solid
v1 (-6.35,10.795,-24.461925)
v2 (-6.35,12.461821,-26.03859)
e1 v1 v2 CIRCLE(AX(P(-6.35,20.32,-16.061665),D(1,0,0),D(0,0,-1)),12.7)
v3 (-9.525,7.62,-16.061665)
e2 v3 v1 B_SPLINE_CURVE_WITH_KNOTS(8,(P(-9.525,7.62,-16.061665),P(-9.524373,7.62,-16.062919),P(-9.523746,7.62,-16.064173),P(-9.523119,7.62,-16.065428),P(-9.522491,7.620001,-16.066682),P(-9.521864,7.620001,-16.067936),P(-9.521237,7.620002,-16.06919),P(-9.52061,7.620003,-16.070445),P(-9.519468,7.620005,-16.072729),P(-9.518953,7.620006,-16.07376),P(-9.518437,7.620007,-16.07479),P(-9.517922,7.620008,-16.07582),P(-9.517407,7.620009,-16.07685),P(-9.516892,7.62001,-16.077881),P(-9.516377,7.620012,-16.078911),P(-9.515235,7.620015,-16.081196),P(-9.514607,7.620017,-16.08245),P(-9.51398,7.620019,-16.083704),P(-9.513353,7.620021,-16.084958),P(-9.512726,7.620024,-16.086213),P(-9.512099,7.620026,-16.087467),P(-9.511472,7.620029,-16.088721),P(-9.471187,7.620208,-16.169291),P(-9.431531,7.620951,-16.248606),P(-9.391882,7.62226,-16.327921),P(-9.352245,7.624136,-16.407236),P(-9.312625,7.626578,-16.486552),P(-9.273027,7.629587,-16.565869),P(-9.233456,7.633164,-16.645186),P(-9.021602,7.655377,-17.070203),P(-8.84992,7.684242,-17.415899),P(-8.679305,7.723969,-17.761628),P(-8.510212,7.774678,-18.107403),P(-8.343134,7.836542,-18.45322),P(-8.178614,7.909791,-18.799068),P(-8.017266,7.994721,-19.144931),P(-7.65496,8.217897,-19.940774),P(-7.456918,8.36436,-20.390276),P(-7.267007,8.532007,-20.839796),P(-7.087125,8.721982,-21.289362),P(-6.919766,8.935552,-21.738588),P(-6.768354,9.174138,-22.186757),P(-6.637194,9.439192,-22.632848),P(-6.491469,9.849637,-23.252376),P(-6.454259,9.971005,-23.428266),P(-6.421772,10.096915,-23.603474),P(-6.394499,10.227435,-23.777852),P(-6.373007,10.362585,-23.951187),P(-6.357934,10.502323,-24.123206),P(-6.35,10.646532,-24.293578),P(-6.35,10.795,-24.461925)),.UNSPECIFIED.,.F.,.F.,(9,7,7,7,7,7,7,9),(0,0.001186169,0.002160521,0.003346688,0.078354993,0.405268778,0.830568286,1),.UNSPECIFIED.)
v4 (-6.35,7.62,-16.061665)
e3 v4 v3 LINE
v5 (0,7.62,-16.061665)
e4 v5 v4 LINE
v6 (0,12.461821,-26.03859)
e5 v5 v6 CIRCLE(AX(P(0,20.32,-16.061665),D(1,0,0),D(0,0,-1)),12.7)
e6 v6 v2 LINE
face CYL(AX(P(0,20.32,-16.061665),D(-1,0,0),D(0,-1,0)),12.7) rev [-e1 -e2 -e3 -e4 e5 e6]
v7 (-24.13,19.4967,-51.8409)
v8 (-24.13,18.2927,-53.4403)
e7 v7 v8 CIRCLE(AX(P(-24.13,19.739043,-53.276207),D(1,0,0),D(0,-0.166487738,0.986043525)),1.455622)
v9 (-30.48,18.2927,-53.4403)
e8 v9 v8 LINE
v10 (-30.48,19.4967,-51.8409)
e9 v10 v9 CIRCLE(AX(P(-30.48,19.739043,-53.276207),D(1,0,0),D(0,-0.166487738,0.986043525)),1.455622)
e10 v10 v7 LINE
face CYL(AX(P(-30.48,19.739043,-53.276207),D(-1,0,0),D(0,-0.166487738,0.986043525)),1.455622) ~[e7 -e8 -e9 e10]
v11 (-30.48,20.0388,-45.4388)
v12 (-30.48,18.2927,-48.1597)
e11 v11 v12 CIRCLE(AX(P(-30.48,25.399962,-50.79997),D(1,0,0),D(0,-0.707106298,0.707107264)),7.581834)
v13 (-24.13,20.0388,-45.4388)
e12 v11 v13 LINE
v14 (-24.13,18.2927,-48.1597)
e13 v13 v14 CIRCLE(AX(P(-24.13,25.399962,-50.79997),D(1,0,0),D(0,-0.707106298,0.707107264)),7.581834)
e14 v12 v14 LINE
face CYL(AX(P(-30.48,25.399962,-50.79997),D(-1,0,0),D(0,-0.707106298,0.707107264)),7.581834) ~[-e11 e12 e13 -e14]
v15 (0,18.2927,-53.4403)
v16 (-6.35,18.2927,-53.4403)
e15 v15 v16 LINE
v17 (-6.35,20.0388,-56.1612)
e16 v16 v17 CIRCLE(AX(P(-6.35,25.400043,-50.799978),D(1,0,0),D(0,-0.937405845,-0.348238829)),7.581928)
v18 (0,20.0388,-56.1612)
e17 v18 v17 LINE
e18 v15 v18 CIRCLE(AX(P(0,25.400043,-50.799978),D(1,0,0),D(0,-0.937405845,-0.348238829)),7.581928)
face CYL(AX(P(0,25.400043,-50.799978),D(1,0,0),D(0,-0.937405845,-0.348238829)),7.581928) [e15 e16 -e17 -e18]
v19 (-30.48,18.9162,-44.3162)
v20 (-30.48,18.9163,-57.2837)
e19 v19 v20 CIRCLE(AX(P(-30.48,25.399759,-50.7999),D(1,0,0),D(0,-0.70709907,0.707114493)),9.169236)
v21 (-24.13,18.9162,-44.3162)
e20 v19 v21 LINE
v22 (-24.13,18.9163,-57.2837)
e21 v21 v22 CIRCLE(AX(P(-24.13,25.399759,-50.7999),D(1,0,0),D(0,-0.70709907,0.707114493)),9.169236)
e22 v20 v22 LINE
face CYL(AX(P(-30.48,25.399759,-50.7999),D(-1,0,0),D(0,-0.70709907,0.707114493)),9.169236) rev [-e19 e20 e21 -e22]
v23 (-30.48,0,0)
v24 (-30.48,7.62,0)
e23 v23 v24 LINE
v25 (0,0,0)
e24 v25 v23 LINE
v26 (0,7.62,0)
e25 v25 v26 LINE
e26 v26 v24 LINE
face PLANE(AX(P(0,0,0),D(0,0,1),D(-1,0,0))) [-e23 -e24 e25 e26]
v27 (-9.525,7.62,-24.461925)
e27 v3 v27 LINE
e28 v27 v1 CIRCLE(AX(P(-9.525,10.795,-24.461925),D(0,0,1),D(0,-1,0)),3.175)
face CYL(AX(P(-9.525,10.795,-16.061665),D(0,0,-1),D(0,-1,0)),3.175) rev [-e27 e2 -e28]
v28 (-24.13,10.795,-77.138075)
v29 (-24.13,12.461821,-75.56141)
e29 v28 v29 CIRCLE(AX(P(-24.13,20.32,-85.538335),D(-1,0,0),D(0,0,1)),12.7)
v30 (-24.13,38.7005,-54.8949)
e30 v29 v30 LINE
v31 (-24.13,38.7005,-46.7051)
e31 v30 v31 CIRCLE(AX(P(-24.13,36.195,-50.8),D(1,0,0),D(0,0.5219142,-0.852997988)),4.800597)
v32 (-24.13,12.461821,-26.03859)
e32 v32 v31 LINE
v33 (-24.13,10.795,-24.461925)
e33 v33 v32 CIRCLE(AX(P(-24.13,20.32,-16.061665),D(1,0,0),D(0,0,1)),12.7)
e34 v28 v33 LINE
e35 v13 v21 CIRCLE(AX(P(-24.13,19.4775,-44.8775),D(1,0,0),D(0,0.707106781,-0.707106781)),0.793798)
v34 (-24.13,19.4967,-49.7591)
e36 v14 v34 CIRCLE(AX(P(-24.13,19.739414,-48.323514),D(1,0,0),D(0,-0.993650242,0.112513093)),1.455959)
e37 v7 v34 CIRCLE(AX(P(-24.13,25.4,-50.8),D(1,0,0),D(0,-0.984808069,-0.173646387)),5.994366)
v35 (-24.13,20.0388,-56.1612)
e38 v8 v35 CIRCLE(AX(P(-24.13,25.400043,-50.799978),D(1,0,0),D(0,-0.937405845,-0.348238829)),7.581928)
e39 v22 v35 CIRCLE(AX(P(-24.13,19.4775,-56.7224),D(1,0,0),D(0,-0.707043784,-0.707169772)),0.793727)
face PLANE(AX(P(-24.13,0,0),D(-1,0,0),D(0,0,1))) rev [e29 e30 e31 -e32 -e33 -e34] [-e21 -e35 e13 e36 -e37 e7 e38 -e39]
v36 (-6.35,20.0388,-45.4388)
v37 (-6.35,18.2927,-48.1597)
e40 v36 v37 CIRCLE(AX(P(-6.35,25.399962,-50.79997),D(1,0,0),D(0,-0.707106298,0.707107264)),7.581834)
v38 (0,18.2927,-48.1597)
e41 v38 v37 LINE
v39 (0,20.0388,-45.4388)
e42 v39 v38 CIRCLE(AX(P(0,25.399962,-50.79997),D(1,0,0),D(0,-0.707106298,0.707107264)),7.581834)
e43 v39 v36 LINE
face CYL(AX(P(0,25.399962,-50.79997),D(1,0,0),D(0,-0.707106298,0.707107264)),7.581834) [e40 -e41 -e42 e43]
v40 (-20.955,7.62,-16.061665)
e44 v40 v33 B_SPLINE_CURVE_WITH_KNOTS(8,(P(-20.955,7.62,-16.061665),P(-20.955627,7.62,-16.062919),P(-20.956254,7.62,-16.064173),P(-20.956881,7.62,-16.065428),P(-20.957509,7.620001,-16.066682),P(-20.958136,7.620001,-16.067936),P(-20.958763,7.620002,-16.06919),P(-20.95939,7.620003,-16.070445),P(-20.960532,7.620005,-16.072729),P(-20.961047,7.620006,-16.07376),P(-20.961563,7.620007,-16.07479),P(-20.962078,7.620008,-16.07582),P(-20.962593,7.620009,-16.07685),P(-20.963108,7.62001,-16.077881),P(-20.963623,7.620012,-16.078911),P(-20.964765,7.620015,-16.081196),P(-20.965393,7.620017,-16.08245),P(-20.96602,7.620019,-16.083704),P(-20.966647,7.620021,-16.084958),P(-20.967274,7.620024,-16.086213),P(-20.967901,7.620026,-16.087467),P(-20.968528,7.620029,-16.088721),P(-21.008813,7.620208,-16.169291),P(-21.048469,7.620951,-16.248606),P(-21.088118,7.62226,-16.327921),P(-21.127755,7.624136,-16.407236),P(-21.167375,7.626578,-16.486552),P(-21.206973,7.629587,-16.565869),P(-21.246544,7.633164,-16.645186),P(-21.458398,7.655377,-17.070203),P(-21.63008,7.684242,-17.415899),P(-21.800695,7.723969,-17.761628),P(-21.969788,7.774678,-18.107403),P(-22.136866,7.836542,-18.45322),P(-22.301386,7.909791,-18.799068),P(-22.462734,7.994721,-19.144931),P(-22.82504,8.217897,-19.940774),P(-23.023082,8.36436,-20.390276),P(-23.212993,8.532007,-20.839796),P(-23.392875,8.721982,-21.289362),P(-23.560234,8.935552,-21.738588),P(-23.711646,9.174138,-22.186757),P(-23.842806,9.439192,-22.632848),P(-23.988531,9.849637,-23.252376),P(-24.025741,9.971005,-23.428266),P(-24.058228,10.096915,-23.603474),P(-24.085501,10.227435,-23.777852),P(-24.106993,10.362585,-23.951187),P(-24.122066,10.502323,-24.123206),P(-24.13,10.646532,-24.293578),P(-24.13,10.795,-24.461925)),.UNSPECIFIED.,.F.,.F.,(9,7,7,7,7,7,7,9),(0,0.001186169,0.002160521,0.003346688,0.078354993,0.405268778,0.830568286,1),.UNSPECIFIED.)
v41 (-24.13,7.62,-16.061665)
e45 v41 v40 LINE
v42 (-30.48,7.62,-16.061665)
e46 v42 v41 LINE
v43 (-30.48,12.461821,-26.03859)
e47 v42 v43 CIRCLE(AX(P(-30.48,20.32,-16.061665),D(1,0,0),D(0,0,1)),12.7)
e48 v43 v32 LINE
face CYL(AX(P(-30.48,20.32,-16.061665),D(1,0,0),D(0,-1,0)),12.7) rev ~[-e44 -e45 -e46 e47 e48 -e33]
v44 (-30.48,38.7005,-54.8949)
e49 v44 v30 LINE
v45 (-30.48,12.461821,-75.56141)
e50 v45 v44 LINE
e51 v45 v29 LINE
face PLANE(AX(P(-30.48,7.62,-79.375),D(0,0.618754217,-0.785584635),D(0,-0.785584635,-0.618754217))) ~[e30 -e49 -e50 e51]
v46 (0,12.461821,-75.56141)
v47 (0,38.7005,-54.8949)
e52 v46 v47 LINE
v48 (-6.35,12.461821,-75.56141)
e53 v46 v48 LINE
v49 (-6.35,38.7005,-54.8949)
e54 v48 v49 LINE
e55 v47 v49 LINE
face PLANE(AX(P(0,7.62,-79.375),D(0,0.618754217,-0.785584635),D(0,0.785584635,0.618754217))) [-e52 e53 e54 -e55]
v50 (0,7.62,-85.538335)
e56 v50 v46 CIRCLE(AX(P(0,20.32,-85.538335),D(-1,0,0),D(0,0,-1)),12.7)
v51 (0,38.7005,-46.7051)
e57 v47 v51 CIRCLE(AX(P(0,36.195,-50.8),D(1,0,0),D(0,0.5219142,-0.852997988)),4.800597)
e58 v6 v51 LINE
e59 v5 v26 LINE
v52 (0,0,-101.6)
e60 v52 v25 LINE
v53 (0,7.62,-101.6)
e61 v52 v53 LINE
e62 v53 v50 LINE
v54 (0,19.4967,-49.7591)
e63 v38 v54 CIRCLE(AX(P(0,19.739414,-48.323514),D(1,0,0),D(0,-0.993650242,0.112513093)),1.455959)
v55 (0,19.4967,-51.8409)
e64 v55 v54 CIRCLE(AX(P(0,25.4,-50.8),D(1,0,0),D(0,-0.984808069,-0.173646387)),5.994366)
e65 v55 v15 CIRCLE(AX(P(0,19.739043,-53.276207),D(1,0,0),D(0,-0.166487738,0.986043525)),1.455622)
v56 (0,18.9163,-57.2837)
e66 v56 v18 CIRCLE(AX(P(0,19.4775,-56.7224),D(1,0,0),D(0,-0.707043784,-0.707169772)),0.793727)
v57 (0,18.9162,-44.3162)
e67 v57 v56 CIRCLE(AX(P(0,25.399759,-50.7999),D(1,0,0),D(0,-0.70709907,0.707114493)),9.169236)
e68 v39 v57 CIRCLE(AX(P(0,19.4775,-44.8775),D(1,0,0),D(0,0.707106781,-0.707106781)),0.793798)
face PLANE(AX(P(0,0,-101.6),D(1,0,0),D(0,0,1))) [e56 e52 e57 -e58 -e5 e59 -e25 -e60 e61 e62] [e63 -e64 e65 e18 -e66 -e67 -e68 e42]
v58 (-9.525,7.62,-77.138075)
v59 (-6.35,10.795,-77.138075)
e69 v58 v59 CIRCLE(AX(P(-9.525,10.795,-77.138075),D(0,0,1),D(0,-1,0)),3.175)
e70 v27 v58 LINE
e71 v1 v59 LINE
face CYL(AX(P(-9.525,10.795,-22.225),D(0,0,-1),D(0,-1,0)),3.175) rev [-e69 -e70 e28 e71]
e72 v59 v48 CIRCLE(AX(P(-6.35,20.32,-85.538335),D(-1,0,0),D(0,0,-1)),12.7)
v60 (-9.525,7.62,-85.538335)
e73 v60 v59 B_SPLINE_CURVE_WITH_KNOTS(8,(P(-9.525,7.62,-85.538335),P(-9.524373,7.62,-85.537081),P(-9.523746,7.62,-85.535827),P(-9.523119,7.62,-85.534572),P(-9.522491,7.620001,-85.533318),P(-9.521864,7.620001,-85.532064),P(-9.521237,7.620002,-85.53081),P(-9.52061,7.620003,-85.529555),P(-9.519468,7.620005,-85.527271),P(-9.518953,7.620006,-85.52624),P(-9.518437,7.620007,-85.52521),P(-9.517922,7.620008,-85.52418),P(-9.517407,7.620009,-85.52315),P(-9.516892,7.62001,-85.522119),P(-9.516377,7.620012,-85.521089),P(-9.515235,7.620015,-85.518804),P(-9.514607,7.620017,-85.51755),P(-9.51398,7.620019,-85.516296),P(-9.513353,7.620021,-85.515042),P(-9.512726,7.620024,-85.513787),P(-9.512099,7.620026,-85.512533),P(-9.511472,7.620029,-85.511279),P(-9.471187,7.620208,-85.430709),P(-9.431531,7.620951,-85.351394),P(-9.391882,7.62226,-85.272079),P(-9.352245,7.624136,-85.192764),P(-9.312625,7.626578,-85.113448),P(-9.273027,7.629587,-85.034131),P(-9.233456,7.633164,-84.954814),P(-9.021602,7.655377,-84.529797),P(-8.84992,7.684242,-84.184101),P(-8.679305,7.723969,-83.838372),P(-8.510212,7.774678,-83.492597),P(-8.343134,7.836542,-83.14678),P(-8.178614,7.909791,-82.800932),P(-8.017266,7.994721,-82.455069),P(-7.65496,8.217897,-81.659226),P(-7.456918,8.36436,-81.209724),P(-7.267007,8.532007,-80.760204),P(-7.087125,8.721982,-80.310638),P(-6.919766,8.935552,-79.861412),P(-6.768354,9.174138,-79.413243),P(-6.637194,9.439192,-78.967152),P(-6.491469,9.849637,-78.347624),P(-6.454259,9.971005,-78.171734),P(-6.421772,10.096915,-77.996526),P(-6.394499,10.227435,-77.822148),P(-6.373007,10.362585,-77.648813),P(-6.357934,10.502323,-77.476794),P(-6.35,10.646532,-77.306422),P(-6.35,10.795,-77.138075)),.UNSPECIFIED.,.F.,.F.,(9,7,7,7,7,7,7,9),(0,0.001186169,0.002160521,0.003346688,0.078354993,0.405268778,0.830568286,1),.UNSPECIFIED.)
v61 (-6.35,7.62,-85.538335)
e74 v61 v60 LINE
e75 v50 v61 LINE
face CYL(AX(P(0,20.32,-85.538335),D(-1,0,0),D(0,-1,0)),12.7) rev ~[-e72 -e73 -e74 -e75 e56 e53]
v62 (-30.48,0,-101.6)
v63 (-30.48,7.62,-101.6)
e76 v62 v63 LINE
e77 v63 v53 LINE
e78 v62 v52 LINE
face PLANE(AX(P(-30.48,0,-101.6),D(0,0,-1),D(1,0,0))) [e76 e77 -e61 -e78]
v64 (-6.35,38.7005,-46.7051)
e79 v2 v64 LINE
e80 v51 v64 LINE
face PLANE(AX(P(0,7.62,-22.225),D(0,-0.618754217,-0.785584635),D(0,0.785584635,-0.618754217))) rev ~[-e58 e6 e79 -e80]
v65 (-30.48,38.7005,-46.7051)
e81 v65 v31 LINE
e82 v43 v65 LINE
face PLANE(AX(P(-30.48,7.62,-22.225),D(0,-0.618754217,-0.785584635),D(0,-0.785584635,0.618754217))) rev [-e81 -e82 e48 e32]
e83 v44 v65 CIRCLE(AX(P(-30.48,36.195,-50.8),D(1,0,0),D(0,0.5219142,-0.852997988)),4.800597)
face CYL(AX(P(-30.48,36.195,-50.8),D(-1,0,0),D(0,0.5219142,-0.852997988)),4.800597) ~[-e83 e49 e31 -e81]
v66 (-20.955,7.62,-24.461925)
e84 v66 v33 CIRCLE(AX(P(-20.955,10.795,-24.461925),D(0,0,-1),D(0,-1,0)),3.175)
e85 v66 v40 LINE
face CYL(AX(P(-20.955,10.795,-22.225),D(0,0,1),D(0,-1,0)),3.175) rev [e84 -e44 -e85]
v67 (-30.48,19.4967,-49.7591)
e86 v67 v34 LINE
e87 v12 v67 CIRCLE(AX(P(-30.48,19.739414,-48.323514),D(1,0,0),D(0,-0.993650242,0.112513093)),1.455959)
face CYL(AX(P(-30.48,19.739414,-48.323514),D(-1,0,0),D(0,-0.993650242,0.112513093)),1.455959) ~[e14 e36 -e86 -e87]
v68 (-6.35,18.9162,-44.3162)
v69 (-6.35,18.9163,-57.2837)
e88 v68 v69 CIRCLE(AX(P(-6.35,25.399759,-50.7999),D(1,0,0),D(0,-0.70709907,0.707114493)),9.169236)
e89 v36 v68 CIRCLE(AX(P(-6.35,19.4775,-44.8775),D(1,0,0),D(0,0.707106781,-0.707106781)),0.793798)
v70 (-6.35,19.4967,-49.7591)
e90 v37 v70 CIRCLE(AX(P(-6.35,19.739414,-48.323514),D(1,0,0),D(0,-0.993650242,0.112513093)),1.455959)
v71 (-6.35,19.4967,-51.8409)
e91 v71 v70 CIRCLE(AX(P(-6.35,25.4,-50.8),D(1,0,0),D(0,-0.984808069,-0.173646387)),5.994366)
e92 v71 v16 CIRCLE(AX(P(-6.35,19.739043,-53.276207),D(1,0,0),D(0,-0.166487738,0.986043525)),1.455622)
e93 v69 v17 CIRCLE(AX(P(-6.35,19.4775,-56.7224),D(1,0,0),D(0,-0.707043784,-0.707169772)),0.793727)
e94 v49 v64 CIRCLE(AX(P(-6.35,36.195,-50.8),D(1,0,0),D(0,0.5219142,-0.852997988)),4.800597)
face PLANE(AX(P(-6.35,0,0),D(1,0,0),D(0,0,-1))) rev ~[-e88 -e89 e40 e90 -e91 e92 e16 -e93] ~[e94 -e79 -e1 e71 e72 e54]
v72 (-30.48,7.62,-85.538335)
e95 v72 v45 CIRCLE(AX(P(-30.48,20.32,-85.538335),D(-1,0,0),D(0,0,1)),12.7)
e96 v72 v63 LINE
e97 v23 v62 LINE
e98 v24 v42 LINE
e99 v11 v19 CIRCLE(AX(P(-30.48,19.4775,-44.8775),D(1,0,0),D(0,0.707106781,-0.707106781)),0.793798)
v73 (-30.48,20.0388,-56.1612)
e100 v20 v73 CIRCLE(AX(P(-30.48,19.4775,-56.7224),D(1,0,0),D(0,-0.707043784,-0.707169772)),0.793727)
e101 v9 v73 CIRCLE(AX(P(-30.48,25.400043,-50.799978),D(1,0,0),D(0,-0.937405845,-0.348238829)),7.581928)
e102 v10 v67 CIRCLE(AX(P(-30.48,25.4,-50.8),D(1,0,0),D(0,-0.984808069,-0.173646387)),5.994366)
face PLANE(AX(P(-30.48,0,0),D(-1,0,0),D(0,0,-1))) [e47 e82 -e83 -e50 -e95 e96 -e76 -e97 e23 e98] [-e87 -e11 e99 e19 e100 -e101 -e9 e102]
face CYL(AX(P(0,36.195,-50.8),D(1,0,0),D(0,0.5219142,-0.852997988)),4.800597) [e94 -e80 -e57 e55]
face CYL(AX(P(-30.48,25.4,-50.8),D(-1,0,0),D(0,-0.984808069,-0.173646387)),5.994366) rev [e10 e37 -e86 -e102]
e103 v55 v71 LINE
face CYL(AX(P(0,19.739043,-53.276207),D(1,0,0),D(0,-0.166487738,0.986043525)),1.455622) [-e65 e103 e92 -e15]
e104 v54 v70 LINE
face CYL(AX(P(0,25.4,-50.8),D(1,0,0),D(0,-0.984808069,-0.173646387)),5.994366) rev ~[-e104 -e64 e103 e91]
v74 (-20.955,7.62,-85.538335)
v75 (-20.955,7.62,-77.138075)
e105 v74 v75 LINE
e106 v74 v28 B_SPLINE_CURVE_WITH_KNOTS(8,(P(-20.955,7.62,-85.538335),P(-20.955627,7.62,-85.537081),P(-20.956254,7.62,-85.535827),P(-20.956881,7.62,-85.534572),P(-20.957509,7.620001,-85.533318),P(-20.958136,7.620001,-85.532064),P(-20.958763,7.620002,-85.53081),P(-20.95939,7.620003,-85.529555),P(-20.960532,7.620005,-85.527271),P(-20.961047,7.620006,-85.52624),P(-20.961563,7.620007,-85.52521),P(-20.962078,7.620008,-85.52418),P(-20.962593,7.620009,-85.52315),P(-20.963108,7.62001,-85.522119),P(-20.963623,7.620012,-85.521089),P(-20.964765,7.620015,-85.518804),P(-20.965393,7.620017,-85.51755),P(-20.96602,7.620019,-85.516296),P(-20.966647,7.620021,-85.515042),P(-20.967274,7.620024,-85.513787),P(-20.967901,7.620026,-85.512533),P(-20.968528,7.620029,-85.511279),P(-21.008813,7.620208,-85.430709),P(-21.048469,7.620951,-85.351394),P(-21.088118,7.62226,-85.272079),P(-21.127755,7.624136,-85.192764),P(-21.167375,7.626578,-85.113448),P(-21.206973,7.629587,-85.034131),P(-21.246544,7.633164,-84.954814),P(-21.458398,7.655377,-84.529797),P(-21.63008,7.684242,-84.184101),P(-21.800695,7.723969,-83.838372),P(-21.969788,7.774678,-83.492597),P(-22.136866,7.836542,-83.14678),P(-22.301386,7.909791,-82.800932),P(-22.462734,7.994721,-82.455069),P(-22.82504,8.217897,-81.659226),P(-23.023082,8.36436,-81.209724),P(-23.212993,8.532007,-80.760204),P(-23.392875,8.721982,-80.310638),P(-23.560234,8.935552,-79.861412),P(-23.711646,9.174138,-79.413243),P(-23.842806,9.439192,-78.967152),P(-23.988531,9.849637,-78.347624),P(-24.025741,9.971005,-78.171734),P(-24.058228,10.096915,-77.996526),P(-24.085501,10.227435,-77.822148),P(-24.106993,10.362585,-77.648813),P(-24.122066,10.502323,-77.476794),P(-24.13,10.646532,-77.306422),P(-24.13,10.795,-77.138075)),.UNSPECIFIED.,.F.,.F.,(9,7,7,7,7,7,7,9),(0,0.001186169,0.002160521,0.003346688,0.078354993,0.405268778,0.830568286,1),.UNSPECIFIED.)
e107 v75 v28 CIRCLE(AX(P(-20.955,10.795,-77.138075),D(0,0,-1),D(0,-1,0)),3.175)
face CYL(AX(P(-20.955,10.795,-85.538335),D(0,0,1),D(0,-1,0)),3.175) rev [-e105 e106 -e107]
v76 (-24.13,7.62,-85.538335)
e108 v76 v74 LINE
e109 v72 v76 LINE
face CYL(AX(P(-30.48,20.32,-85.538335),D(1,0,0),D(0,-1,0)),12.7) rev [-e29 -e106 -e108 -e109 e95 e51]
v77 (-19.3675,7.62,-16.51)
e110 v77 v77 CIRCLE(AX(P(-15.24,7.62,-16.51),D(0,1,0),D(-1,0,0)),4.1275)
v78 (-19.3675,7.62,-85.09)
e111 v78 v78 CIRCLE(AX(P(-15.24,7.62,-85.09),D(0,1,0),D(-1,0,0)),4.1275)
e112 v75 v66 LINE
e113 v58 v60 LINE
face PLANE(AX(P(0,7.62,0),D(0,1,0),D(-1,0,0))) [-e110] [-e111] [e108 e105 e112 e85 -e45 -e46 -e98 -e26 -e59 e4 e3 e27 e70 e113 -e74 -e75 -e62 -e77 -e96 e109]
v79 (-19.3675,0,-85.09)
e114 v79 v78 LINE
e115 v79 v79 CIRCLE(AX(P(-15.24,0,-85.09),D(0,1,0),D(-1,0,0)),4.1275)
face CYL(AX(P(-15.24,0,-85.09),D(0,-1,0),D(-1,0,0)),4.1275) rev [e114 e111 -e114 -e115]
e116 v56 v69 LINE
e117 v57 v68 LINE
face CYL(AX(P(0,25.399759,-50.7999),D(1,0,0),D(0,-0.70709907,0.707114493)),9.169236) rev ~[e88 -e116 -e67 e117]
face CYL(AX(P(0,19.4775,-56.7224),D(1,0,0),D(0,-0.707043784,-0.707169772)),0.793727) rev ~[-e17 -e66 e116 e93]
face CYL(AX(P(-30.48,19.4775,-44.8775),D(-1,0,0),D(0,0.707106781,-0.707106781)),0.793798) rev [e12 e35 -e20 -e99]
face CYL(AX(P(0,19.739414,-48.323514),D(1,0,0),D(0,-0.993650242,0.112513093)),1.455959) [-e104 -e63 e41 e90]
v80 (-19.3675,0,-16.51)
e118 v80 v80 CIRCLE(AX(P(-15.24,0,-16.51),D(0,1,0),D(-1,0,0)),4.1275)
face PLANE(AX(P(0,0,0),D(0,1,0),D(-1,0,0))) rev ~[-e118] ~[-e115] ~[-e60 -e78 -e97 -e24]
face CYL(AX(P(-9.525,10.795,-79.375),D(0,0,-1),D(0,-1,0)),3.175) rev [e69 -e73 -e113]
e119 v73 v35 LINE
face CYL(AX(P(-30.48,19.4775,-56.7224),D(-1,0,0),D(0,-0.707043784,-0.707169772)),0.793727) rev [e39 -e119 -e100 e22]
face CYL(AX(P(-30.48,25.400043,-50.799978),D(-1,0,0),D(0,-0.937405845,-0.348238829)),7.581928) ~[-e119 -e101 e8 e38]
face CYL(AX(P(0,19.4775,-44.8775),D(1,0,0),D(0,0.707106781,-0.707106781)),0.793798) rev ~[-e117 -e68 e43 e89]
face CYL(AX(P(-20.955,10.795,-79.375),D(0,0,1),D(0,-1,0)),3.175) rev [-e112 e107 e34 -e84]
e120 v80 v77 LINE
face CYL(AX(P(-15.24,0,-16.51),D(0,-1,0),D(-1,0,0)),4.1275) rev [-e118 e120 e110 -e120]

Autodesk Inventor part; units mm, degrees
ref_plane "YZ Plane" through (0, 0, 0) normal (1, 0, 0) x (0, 1, 0)
ref_plane "XZ Plane" through (0, 0, 0) normal (0, 1, 0) x (-1, 0, 0)
sketch "Sketch1" plane through (0, 0, 0) normal (0, 1, 0) x (-1, 0, 0)
  line L0 (0, 0) -> (30.48, 0)
  line L1 (30.48, 0) -> (30.48, -101.6)
  line L2 (30.48, -101.6) -> (0, -101.6)
  line L3 (0, -101.6) -> (0, 0)
  circle A0 centre (15.24, -16.51) radius 4.1275
  circle A1 centre (15.24, -85.09) radius 4.1275
  dimension "d0" = 30.48
  dimension "d1" = 101.6
  dimension "d4" = 8.255
  dimension "d5" = 8.255
extrude "Extrusion1" add sketch "Sketch1" along normal blind 7.62
sketch "Sketch2" plane through (0, 0, 0) normal (1, 0, 0) x (0, 0, -1)
  line L0 (0, 0) -> (0, 7.62) projected
  line L1 (0, 7.62) -> (101.6, 7.62) projected
  line L2 (0, 7.62) -> (101.6, 7.62)
  arc A0 (51.8409, 19.4967) -> (49.7591, 19.4967) centre (50.8, 25.4) ccw
  arc A1 (44.3162, 18.9162) -> (57.2837, 18.9163) centre (50.8, 25.4) ccw
  line L3 (50.8, 25.4) -> (59.9694, 25.4) construction
  line L4 (50.8, 25.4) -> (59.9694, 25.4) construction
  arc A2 (45.4388, 20.0388) -> (44.3162, 18.9162) centre (44.8775, 19.4775) ccw
  arc A3 (57.2837, 18.9163) -> (56.1612, 20.0388) centre (56.7225, 19.4775) ccw
  line L5 (50.8, 25.4) -> (58.3819, 25.4) construction
  arc A4 (48.1597, 18.2927) -> (49.7591, 19.4967) centre (48.3236, 19.7391) ccw
  arc A5 (51.8409, 19.4967) -> (53.4403, 18.2927) centre (53.2763, 19.7391) ccw
  arc A6 (45.4388, 20.0388) -> (48.1597, 18.2927) centre (50.8, 25.4) ccw
  arc A7 (53.4403, 18.2927) -> (56.1612, 20.0388) centre (50.8, 25.4) ccw
  line L6 (50.8, 7.62) -> (22.225, 7.62)
  arc A8 (54.8949, 38.7005) -> (46.7051, 38.7005) centre (50.8, 36.195) ccw
  line L7 (22.225, 7.62) -> (46.7051, 38.7005)
  line L8 (50.8, 7.62) -> (79.375, 7.62)
  line L9 (79.375, 7.62) -> (54.8949, 38.7005)
  dimension "d16" = 28.575
  dimension "d17" = 28.575
extrude "Extrusion2" add sketch "Sketch2" against normal blind 6.35
ref_plane "Work Plane1" through (-15.24, 0, -101.6) normal (-1, 0, 0) x (0, 0, 1)
mirror "Mirror1" about plane through (-15.24, 0, -101.6) normal (-1, 0, 0) of "Extrusion2"
fillet "Fillet1" radius 12.7 4 edges at (-3.175, 7.62, -79.375) (-27.305, 7.62, -79.375) (-27.305, 7.62, -22.225) (-3.175, 7.62, -22.225)
fillet "Fillet3" radius 3.175 2 edges at (-24.13, 7.62, -50.8) (-6.35, 7.62, -50.8)
properties part number "TestingBracket"
